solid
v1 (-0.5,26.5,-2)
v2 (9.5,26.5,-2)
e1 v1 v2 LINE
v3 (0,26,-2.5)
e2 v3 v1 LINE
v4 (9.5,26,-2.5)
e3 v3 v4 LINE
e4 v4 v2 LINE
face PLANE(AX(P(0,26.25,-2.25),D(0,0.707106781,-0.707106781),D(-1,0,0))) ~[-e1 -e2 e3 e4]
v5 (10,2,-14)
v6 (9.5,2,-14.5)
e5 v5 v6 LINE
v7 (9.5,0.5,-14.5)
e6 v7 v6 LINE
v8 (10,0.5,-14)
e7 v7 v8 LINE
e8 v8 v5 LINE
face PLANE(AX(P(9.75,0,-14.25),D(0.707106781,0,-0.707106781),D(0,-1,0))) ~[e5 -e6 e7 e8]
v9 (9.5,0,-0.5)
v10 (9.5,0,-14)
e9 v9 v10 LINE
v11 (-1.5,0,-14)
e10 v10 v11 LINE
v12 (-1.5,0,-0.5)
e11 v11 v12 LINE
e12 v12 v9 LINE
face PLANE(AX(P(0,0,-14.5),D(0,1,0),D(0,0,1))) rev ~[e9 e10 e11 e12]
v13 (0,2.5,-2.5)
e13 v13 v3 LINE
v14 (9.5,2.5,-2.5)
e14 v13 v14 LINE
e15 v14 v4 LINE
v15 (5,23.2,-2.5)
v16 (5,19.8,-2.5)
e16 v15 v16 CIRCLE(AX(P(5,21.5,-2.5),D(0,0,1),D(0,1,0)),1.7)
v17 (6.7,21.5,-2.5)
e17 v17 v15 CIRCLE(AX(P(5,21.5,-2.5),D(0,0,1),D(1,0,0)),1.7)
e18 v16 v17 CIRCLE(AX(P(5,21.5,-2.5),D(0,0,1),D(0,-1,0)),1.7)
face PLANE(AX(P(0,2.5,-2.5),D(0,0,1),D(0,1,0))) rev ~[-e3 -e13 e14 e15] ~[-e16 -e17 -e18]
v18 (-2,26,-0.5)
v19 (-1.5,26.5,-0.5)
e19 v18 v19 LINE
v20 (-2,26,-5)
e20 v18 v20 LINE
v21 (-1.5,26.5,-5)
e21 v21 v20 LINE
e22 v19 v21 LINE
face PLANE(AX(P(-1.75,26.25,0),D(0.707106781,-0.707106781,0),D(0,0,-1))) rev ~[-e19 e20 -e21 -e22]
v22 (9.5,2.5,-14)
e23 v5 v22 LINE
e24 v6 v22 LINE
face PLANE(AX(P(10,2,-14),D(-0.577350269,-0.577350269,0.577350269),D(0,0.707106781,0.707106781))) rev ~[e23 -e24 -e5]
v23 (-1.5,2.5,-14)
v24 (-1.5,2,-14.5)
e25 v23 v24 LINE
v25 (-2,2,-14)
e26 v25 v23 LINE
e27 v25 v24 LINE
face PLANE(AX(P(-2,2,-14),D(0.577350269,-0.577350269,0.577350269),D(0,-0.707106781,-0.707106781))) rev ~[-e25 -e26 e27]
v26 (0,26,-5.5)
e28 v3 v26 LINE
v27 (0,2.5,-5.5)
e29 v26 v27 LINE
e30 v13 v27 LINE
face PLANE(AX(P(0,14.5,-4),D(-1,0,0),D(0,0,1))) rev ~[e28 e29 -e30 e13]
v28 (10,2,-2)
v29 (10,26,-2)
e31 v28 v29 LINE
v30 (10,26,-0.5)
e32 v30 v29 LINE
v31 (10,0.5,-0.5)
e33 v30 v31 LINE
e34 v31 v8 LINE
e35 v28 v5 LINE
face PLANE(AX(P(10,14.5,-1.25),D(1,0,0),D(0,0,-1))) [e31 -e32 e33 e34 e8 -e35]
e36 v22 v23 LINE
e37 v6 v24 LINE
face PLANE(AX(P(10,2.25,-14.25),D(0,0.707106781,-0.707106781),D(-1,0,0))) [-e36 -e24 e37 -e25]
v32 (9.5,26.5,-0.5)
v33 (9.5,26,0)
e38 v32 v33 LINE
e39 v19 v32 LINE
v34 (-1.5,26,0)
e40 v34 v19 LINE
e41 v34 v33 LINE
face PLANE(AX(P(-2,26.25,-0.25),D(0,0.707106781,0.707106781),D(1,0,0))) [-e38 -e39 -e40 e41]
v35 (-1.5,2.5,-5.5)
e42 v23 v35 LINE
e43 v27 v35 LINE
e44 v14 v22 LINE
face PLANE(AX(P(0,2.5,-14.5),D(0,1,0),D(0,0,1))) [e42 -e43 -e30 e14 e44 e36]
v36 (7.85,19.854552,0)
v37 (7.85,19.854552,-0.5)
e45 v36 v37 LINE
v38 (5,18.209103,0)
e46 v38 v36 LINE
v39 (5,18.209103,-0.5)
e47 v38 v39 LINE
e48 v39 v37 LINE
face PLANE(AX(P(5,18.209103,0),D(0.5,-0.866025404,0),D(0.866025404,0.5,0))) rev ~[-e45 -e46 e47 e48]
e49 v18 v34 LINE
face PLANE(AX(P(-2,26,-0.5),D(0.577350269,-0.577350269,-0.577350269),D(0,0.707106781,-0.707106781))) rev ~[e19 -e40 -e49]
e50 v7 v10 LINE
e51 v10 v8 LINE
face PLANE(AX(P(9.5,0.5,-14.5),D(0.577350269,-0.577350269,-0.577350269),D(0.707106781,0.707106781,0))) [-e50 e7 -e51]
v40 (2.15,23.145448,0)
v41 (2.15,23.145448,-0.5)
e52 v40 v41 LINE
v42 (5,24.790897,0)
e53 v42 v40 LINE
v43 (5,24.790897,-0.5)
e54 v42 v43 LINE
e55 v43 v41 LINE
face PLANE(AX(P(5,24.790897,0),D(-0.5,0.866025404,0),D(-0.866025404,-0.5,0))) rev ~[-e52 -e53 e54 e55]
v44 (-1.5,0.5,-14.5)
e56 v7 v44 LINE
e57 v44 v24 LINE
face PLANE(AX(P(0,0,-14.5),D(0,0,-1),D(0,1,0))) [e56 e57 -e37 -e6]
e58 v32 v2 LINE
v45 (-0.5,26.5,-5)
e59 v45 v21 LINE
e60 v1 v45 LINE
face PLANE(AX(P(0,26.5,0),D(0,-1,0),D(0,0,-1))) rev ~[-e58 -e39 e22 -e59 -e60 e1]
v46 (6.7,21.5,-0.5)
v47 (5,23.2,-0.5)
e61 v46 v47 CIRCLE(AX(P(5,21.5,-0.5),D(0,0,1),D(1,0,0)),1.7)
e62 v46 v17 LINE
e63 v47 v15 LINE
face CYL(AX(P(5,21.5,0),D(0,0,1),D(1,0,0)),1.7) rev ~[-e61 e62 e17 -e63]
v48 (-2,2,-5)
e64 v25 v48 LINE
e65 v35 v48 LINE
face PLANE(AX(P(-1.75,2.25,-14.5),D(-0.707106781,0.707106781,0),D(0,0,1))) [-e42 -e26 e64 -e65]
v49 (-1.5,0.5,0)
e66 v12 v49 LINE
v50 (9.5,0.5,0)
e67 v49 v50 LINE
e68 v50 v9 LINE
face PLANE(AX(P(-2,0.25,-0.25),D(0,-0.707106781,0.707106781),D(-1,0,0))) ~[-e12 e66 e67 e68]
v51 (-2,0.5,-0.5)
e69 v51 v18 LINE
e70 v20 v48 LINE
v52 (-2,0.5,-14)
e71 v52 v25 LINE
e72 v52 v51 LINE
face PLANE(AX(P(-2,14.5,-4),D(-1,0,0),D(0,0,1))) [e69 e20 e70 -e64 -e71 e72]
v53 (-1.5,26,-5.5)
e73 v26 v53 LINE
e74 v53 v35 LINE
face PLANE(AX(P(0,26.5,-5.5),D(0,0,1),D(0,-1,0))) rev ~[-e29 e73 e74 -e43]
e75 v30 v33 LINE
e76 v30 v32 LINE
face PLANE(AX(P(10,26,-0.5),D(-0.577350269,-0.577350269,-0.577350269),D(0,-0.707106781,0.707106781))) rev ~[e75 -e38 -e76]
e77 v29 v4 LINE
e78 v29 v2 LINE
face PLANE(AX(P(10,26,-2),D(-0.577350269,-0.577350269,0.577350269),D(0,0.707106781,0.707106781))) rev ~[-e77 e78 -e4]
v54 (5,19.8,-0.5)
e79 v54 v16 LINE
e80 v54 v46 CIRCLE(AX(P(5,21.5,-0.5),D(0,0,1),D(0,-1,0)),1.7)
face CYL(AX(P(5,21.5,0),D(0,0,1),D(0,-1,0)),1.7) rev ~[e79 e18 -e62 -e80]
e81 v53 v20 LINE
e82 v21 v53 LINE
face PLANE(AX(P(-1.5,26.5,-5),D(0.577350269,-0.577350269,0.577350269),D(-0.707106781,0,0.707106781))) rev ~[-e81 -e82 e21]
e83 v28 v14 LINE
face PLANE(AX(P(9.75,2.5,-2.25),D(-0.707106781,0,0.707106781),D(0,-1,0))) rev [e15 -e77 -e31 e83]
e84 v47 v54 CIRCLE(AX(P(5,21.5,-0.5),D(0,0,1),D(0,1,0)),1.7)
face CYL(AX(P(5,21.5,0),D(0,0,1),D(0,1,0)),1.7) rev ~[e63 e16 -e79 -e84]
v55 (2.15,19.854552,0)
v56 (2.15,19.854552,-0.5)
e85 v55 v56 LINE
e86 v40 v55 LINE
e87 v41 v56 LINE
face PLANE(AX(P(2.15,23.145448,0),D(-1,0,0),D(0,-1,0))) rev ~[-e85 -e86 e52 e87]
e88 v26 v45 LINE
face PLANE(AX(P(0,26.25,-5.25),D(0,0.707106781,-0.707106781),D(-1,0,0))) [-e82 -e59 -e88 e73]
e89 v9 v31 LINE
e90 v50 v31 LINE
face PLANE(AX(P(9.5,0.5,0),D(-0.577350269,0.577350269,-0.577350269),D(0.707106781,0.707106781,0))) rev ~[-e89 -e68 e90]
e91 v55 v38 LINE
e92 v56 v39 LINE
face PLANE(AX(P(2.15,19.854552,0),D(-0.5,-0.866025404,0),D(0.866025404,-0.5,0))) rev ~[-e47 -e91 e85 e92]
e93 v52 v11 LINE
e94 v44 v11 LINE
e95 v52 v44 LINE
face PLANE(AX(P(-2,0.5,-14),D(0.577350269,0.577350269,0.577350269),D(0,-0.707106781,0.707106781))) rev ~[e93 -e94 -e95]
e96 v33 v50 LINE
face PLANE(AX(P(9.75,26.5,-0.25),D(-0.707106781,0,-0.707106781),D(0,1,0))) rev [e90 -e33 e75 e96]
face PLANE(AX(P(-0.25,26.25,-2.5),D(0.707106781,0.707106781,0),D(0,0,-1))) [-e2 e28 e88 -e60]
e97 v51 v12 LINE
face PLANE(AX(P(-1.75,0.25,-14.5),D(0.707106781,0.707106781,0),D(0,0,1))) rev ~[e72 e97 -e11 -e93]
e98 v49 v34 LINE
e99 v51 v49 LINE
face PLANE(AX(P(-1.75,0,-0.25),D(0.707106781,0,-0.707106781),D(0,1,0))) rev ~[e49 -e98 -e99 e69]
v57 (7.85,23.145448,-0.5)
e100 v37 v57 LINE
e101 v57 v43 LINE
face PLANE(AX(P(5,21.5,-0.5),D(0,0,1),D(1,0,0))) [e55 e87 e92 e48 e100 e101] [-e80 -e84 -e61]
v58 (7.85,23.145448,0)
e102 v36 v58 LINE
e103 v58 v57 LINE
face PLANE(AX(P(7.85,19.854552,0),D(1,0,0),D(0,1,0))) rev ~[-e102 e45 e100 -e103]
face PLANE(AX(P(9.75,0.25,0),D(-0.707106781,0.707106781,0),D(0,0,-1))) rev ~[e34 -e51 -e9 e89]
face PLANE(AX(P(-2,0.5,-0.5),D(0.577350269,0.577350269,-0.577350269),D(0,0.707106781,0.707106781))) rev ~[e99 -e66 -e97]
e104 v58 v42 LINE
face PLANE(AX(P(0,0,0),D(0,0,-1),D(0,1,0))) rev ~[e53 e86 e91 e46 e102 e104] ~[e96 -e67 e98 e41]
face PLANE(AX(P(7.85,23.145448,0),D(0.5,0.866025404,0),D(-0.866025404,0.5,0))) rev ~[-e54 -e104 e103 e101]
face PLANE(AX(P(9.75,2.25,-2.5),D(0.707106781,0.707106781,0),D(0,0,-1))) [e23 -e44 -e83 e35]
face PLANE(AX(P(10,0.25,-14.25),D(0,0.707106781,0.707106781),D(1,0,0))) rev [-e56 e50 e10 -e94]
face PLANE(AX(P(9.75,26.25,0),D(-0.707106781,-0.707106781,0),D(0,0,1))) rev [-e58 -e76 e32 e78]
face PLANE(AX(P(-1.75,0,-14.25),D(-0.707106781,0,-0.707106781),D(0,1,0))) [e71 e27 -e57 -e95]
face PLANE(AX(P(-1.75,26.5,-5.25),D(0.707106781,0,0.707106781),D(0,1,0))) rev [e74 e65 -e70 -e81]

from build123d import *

# Parameters (mm, degrees)
SKETCH1_W           = 2.5
SKETCH1_H           = 24
SKETCH1_W_2         = 12
SKETCH1_H_2         = 2.5
BOSS_EXTRUDE1_DEPTH = 10
CUT_EXTRUDE1_DEPTH  = 10
CUT_EXTRUDE2_DEPTH  = 0.5
SKETCH5_W           = 3
SKETCH5_H           = 24
SKETCH5_W_2         = 9
SKETCH5_H_2         = 2.5
BOSS_EXTRUDE2_DEPTH = 2
CHAMFER1_SIZE       = 0.5


with BuildPart() as part:
    # Sketch1 → Boss-Extrude1 (new body)
    with BuildSketch(Plane(origin=(0, 0, 0), x_dir=(0, 0, -1), z_dir=(1, 0, 0))):
        with Locations((1.25, 14.5)):
            Rectangle(SKETCH1_W, SKETCH1_H)
        with Locations((8.5, 1.25)):
            Rectangle(SKETCH1_W_2, SKETCH1_H_2)
        with Locations((1.25, 1.25)):
            Rectangle(SKETCH1_W, SKETCH1_H_2)
    extrude(amount=BOSS_EXTRUDE1_DEPTH)

    # Sketch2 → Cut-Extrude1 (cut)
    with BuildSketch(Plane.XY):
        with BuildLine():
            ThreePointArc((6.7, 21.5), (6.202081528, 22.702081528), (5, 23.2))
            Line((5, 23.2), (5, 19.8))
            ThreePointArc((5, 19.8), (6.202081528, 20.297918472), (6.7, 21.5))
        make_face()
        with BuildLine():
            Line((5, 19.8), (5, 23.2))
            ThreePointArc((5, 23.2), (3.3, 21.5), (5, 19.8))
        make_face()
    extrude(amount=-CUT_EXTRUDE1_DEPTH, mode=Mode.SUBTRACT)

    # Sketch4 → Cut-Extrude2 (cut)
    with BuildSketch(Plane.XY):
        Polygon((5, 24.790896534), (2.15, 23.145448267), (2.15, 19.854551733), (5, 18.209103466), (7.85, 19.854551733), (7.85, 23.145448267), align=None)
    extrude(amount=-CUT_EXTRUDE2_DEPTH, mode=Mode.SUBTRACT)

    # Sketch5 → Boss-Extrude2 (add)
    with BuildSketch(Plane.ZY):
        with Locations((-4, 14.5)):
            Rectangle(SKETCH5_W, SKETCH5_H)
        Polygon((-5.5, 0), (0, 0), (0, 26.5), (-2.5, 26.5), (-2.5, 2.5), (-5.5, 2.5), align=None)
        with Locations((-10, 1.25)):
            Rectangle(SKETCH5_W_2, SKETCH5_H_2)
    extrude(amount=BOSS_EXTRUDE2_DEPTH)

    # Chamfer1
    chamfer1_edges = [part.edges().sort_by_distance(p)[0] for p in [
        (10, 0, -7.25),
        (4, 26.5, 0),
        (5, 26.5, -2.5),
        (4, 2.5, -14.5),
        (4, 0, -14.5),
        (4, 0, 0),
        (10, 1.25, -14.5),
        (10, 2.5, -8.5),
        (10, 14.5, -2.5),
        (10, 26.5, -1.25),
        (10, 13.25, 0),
        (-2, 14.5, -5.5),
        (-1, 26.5, -5.5),
        (0, 26.5, -4),
        (-2, 2.5, -10),
        (-2, 1.25, -14.5),
        (-2, 0, -7.25),
        (-2, 13.25, 0),
        (-2, 26.5, -2.75),
    ]]
    chamfer(chamfer1_edges, length=CHAMFER1_SIZE)


solid = part.part
